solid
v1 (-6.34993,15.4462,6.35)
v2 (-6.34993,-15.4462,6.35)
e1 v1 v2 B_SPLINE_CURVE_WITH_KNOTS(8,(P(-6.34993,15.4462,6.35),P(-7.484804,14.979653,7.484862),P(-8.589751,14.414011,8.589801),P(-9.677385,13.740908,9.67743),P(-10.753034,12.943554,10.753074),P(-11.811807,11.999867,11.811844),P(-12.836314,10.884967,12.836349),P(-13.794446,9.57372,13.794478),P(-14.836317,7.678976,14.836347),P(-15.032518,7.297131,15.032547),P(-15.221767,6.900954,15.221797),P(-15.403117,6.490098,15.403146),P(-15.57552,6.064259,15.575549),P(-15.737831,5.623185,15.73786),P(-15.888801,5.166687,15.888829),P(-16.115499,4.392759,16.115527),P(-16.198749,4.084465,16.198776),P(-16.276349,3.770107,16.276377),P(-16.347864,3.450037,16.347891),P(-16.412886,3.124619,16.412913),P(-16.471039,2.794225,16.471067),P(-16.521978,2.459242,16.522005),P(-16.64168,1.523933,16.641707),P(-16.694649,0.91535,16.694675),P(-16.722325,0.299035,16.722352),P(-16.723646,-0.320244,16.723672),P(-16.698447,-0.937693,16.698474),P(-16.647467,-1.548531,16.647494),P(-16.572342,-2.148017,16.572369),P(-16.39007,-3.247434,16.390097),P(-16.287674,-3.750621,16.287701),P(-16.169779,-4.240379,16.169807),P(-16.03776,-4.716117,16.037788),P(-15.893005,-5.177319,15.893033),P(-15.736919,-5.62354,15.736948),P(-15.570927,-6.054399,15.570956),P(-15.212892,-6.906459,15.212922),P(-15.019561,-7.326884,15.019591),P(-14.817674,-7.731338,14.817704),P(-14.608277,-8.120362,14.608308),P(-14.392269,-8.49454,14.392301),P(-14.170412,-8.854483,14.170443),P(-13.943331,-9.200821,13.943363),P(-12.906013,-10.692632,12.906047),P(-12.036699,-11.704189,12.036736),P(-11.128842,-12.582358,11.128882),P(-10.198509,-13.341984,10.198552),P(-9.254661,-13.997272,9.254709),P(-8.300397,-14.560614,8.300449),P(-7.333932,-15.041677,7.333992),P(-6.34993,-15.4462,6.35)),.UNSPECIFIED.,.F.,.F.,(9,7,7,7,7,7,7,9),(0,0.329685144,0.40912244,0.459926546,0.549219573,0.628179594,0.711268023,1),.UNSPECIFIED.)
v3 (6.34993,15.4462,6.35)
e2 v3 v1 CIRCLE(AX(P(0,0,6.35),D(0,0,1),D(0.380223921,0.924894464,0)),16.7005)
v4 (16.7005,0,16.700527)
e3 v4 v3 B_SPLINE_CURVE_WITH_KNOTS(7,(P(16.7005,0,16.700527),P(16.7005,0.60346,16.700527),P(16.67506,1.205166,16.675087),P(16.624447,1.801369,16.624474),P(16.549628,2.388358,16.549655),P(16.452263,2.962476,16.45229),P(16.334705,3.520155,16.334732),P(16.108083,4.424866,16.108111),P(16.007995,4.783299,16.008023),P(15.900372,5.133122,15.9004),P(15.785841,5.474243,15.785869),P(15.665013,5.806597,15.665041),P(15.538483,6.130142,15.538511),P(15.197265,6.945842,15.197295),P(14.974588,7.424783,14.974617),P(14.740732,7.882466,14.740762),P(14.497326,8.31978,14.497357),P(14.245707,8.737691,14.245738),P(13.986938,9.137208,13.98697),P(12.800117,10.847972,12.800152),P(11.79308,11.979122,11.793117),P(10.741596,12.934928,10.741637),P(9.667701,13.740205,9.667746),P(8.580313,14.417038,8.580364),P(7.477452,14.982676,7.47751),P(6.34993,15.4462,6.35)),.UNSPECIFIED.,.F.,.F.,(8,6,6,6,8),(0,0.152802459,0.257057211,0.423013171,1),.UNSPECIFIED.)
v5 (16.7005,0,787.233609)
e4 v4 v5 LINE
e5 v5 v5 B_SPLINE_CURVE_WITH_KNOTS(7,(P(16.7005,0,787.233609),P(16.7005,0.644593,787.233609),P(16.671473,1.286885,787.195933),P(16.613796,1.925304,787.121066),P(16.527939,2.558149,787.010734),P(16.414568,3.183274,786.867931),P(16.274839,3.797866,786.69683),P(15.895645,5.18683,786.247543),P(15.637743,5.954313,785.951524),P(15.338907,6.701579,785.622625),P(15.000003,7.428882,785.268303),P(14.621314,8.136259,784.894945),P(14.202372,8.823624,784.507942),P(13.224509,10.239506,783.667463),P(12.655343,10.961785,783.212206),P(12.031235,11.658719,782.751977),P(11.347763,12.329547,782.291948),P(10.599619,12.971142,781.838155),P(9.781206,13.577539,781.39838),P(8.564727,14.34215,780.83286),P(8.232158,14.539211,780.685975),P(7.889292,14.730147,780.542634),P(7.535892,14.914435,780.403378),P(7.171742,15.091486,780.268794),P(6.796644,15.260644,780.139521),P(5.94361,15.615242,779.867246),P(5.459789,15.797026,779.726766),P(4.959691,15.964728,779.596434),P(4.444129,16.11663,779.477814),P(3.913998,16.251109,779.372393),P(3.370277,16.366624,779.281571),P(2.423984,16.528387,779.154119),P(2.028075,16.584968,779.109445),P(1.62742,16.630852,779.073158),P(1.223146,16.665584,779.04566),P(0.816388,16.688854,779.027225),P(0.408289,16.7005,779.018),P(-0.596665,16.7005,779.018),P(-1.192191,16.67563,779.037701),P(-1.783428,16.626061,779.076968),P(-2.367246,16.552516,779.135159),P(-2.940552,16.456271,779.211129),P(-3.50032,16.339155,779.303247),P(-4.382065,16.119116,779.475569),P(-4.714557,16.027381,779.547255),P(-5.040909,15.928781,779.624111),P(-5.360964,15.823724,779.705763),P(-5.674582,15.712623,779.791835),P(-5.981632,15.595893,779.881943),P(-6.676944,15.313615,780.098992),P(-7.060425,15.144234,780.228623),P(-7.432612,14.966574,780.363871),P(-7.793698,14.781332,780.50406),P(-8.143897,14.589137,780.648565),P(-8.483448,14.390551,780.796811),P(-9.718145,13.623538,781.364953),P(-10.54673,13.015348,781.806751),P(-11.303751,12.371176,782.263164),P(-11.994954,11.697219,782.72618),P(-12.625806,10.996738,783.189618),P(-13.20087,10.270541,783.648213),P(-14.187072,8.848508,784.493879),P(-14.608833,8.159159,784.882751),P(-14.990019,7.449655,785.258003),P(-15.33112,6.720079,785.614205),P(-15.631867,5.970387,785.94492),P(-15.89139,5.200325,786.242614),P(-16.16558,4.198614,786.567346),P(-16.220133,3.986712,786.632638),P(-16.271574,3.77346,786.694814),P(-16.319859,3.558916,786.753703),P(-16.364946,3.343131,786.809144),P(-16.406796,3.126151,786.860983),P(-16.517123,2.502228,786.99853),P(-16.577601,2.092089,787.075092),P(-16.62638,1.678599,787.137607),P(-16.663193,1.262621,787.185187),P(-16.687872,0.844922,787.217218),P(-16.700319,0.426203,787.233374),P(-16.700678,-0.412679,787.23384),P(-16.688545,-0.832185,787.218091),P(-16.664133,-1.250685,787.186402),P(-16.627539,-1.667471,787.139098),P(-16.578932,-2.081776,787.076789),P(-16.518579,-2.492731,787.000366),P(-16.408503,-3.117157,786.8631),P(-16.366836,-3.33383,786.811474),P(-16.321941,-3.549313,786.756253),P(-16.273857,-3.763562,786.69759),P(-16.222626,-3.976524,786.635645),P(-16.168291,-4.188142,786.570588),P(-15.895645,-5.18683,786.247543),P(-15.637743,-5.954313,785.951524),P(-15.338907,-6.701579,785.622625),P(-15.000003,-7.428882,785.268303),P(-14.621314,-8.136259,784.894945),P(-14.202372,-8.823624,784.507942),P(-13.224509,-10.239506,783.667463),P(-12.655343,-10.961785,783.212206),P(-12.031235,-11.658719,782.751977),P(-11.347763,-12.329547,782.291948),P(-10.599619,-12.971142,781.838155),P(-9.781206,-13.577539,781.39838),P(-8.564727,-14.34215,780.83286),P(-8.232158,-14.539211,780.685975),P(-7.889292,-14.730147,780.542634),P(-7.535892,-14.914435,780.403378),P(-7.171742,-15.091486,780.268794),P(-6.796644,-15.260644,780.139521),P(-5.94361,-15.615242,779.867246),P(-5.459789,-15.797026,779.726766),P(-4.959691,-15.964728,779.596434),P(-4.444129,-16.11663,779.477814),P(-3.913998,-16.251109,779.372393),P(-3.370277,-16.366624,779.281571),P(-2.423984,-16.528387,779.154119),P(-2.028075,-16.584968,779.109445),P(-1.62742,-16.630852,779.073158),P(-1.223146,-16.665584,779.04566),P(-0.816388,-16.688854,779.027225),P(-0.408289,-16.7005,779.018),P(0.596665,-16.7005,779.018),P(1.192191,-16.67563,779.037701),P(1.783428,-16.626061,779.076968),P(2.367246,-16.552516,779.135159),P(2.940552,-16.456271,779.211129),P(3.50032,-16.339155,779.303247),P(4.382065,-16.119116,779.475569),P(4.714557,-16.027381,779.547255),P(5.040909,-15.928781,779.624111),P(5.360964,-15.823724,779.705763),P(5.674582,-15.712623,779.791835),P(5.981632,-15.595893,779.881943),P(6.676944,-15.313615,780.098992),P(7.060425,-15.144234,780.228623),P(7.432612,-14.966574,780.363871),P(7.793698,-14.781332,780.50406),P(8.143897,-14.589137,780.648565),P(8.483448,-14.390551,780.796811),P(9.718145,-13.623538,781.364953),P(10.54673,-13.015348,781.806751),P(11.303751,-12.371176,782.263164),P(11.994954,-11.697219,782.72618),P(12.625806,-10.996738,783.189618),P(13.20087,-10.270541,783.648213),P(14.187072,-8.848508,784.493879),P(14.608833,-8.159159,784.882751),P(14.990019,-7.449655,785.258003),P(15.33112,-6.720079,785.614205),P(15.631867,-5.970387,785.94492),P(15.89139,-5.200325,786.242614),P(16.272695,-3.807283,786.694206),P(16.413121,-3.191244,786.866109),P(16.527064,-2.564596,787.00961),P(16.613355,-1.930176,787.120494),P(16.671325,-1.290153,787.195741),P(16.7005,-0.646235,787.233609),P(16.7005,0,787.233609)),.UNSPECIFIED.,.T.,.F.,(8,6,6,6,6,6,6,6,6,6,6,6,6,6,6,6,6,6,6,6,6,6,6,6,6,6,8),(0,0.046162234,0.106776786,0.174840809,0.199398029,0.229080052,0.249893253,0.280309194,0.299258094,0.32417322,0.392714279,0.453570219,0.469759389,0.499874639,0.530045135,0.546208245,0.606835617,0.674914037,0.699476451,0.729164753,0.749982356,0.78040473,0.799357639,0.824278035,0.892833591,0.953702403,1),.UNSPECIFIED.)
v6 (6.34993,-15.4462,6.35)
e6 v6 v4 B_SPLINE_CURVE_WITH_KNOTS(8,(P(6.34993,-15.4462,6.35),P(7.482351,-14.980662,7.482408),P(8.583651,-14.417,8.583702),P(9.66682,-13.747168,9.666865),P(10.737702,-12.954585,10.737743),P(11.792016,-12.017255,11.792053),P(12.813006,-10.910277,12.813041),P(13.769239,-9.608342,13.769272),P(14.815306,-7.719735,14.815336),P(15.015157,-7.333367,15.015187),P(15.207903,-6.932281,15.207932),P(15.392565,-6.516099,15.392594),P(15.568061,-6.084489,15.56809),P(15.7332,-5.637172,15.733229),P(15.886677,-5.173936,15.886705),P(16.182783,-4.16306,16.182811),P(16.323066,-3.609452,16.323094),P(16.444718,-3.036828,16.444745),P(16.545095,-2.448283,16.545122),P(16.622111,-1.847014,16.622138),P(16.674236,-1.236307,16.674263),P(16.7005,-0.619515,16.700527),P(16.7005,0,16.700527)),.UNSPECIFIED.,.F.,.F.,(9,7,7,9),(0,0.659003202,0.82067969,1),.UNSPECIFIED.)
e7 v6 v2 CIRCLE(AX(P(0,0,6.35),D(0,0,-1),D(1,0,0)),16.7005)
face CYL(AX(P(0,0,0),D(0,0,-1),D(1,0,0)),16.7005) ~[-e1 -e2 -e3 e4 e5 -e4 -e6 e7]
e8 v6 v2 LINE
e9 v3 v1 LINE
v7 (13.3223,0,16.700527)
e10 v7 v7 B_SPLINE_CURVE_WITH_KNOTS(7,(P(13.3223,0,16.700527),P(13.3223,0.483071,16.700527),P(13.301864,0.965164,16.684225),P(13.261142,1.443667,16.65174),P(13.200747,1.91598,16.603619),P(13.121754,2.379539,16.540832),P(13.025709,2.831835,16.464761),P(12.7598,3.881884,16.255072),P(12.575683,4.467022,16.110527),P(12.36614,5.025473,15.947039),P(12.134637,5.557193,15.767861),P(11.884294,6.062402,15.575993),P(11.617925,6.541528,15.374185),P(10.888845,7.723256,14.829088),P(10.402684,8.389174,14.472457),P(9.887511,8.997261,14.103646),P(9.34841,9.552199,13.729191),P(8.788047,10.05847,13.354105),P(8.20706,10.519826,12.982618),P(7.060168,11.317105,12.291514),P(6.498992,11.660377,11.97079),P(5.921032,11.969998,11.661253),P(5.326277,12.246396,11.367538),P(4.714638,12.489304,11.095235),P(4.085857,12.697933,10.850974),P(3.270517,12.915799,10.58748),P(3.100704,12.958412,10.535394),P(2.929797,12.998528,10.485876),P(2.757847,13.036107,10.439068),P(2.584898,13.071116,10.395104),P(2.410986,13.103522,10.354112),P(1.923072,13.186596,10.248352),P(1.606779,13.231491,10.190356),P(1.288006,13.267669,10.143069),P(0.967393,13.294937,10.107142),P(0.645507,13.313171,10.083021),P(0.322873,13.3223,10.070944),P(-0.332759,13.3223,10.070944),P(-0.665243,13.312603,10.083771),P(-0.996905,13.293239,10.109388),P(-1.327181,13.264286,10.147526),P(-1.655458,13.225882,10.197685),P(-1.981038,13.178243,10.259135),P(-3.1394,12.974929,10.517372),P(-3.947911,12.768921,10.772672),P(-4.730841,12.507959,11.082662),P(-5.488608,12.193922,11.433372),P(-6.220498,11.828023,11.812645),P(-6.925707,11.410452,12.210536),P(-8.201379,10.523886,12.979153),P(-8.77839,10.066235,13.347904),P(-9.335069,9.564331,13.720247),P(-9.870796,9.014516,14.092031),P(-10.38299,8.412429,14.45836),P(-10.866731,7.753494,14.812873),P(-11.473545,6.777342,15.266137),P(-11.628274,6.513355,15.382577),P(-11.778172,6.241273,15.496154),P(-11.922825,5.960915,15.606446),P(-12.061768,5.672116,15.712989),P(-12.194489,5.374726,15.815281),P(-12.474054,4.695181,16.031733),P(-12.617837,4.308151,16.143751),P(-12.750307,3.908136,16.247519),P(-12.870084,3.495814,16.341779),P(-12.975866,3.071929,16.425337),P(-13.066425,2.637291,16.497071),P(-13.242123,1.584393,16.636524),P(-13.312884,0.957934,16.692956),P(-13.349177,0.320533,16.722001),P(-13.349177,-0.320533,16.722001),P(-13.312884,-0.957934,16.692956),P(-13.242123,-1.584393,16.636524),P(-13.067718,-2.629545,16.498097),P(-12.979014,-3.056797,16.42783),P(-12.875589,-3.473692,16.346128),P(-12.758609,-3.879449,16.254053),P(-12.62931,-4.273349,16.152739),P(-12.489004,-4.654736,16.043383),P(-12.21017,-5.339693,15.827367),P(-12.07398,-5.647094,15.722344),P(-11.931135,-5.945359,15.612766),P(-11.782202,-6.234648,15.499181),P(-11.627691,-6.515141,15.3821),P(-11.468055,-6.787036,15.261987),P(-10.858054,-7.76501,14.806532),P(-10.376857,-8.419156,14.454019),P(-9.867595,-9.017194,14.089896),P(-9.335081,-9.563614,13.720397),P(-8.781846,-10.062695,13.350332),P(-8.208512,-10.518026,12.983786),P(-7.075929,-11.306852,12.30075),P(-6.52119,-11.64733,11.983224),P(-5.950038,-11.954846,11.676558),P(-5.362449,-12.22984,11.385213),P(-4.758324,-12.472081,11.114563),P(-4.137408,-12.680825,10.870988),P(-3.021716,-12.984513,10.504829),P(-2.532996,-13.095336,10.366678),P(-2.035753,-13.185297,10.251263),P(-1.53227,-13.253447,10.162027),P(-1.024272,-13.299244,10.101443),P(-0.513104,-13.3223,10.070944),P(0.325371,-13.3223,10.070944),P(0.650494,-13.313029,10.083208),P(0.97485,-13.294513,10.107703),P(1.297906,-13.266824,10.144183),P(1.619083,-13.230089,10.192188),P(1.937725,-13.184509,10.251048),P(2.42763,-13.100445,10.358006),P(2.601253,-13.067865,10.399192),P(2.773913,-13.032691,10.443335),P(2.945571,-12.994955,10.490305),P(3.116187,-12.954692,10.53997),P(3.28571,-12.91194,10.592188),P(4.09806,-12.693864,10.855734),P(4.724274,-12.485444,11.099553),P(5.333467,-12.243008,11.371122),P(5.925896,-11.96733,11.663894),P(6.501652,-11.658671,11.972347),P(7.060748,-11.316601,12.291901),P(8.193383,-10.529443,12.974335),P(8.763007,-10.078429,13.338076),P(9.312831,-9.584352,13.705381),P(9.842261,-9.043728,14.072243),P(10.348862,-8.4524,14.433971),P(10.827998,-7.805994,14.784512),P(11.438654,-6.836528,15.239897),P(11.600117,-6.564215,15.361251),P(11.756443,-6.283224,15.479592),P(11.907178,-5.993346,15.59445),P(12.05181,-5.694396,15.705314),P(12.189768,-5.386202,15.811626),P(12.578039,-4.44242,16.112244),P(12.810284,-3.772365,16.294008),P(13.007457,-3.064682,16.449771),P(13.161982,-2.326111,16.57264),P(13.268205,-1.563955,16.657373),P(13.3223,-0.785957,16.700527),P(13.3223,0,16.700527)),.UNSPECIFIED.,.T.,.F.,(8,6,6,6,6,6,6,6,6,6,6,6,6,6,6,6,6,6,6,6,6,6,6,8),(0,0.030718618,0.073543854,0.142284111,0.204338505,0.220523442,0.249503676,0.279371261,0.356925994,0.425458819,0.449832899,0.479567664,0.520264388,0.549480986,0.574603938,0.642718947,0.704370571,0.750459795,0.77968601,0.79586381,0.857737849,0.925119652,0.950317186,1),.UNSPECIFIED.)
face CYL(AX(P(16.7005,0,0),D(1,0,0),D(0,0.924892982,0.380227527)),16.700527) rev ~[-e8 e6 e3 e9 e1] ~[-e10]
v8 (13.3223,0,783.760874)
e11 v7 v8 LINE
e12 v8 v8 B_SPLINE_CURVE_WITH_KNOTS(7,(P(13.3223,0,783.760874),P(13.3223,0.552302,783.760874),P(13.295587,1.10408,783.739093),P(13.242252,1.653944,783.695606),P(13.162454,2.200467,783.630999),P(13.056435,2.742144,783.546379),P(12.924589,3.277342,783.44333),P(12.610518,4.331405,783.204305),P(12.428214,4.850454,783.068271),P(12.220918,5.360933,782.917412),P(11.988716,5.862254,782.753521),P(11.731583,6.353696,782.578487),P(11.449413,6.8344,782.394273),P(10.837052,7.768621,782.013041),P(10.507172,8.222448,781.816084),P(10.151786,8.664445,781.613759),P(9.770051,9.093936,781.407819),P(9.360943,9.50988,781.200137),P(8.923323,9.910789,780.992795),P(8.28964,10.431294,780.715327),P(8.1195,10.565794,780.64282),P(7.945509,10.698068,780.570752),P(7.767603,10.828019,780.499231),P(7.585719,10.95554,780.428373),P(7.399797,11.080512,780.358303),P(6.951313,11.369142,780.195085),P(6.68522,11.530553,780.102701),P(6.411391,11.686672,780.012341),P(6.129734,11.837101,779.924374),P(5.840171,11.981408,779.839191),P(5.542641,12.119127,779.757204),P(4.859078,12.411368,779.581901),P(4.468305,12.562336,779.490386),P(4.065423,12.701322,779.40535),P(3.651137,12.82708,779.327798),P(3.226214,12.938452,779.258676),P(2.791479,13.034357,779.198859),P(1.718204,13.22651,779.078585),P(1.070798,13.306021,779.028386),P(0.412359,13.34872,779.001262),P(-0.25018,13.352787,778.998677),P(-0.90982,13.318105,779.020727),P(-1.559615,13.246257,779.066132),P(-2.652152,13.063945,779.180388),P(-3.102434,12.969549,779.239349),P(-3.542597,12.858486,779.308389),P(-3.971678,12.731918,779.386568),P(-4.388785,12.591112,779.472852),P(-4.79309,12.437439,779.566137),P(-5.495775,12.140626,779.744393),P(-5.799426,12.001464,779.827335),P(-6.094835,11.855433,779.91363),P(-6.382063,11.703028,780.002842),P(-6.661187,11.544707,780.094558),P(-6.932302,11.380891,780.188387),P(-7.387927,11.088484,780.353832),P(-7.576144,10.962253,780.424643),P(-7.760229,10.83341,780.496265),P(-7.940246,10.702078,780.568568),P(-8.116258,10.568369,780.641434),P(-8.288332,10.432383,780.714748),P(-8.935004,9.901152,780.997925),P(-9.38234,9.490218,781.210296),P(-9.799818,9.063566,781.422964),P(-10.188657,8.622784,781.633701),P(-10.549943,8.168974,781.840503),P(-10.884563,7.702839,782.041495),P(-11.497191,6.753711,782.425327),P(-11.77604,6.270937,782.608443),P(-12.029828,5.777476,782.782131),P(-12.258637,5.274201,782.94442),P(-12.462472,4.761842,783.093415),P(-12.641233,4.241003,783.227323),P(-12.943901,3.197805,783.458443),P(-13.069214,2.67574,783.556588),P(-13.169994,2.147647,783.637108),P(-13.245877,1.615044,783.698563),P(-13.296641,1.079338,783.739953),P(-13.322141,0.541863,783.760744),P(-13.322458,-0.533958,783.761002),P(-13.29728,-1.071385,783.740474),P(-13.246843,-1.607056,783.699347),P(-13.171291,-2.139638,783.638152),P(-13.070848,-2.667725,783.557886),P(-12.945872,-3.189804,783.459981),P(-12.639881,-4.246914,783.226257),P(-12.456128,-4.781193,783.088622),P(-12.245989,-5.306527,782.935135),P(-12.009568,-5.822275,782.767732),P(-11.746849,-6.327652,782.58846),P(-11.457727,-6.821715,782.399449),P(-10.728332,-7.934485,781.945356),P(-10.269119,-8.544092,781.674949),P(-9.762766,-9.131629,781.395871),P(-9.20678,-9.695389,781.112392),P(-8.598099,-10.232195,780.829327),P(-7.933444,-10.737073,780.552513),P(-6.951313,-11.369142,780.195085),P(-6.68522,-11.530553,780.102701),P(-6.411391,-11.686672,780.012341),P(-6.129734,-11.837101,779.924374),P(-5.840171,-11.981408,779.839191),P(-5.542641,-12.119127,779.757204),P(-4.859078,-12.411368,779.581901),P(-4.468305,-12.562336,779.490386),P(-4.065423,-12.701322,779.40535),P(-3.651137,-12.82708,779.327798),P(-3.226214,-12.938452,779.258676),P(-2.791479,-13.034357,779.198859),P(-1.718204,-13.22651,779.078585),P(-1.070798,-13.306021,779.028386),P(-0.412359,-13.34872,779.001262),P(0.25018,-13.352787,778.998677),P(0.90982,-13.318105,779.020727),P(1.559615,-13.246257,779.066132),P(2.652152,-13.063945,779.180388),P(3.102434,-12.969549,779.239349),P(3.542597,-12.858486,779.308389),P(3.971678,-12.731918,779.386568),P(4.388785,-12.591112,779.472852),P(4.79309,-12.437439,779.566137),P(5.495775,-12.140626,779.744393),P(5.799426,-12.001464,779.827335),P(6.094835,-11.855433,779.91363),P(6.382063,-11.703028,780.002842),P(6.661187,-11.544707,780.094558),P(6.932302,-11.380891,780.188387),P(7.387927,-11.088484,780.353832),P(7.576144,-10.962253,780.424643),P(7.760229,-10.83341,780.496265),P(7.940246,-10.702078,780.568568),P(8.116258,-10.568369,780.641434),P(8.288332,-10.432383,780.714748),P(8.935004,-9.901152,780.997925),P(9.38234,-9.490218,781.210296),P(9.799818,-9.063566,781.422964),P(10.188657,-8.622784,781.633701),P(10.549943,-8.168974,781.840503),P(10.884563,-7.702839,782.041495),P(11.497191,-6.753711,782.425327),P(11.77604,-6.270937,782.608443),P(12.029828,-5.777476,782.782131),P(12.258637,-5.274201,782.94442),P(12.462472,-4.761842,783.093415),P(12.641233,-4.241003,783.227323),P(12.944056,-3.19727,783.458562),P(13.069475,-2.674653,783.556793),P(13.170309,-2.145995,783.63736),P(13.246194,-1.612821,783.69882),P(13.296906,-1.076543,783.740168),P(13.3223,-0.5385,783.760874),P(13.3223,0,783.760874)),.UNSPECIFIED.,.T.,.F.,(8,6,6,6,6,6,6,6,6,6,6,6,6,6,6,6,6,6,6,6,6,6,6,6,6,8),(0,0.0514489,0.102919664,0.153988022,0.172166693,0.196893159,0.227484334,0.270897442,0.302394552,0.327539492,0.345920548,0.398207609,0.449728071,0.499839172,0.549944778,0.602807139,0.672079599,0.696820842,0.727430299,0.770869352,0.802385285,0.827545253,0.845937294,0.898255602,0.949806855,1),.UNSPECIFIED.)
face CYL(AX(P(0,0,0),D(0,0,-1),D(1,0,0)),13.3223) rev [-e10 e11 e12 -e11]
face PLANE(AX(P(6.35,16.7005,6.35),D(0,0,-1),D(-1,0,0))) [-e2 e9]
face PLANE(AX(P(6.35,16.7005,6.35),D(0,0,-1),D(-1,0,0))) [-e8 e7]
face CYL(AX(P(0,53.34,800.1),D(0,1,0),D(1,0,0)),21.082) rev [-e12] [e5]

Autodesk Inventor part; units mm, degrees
ref_plane "Start plane" through (0, 0, 0) normal (0, 0, 1) x (1, 0, 0)
ref_plane "End plane" through (0, 0, 800.1) normal (0, 0, 1) x (1, 0, 0)
sketch "Sketch" plane through (0, 0, 0) normal (0, 0, 1) x (1, 0, 0)
  circle A0 centre (0, 0) radius 13.3223
  circle A1 centre (0, 0) radius 16.7005
  dimension "d0" = 33.401
  dimension "d1" = 3.3782
extrude "Body" add sketch "Sketch" along normal up to surface (800.1 mm away) from surface at 0
sketch "Sketch3" plane through (0, 0, 0) normal (0, 0, 1) x (1, 0, 0)
  line L0 (0, 0) -> (10, 0)
ref_plane "Work Plane3" through (0, 0, 0) normal (0, -1, 0) x (1, 0, 0)
sketch "Sketch4" plane through (0, 0, 0) normal (0, -1, 0) x (1, 0, 0)
  line L0 (-2, 0) -> (12, 0)
  line L1 (-2, 800.1) -> (12, 800.1)
  dimension "d7" = 800.1
ref_plane "Work Plane4" through (0, 53.34, 800.1) normal (0, -1, 0) x (1, 0, 0)
ref_plane "Work Plane5" through (0, -22.86, 800.1) normal (0, -1, 0) x (1, 0, 0)
ref_plane "Work Plane6" through (0, 15.24, 800.1) normal (0, -1, 0) x (1, 0, 0)
sketch "Sketch5" plane through (0, 15.24, 800.1) normal (0, -1, 0) x (1, 0, 0)
  circle A0 centre (0, 0) radius 21.082
  circle A1 centre (0, 0) radius 17.526
extrude "Extrusion2" cut sketch "Sketch5" along normal up to surface (76.2 mm away) from surface at -38.1 contours A0 | A1
ref_plane "Work Plane7" through (16.7005, 0, 0) normal (1, 0, 0) x (0, 1, 0)
sketch "Sketch6" plane through (16.7005, 0, 0) normal (1, 0, 0) x (0, 1, 0)
  arc A0 (15.4462, 6.35) -> (-15.4462, 6.35) centre (0, 0) ccw projected
  line L0 (-16.7005, 0) -> (16.7005, 0) projected
  arc A1 (16.7005, 0) -> (-16.7005, 0) centre (0, 0) ccw
  point P0 (0, 0)
extrude "Extrusion3" cut sketch "Sketch6" against normal through all
ref_plane "Work Plane8" through (0, 16.7005, 0) normal (0, 1, 0) x (-1, 0, 0)
sketch "Sketch7" plane through (0, 16.7005, 0) normal (0, 1, 0) x (-1, 0, 0)
  line L0 (0, 0) -> (-16.7005, 16.7005) projected
  line L1 (16.7005, 16.7005) -> (0, 0) projected
  line L2 (-6.35, 6.35) -> (6.35, 6.35)
  dimension "d12" = 6.35
extrude "Extrusion4" cut sketch "Sketch7" against normal through all
equation "\"d0\" = G_H"
equation "\"d1\" = G_T"
equation "\"d2\" = G_L"
equation "\"G_H\" = 33.401"
equation "\"G_T\" = 3.3782"
equation "\"G_L\" = d7"
equation "\"G_OFFSET_START\" = 0"
equation "\"G_OFFSET_END\" = 0"
equation "\"d5\" = G_OFFSET_END + B_L"
equation "\"B_L\" = 800.1"
properties part number "ANSI - 1 x 0.133 - 31.5" material "Aluminum 6061"
